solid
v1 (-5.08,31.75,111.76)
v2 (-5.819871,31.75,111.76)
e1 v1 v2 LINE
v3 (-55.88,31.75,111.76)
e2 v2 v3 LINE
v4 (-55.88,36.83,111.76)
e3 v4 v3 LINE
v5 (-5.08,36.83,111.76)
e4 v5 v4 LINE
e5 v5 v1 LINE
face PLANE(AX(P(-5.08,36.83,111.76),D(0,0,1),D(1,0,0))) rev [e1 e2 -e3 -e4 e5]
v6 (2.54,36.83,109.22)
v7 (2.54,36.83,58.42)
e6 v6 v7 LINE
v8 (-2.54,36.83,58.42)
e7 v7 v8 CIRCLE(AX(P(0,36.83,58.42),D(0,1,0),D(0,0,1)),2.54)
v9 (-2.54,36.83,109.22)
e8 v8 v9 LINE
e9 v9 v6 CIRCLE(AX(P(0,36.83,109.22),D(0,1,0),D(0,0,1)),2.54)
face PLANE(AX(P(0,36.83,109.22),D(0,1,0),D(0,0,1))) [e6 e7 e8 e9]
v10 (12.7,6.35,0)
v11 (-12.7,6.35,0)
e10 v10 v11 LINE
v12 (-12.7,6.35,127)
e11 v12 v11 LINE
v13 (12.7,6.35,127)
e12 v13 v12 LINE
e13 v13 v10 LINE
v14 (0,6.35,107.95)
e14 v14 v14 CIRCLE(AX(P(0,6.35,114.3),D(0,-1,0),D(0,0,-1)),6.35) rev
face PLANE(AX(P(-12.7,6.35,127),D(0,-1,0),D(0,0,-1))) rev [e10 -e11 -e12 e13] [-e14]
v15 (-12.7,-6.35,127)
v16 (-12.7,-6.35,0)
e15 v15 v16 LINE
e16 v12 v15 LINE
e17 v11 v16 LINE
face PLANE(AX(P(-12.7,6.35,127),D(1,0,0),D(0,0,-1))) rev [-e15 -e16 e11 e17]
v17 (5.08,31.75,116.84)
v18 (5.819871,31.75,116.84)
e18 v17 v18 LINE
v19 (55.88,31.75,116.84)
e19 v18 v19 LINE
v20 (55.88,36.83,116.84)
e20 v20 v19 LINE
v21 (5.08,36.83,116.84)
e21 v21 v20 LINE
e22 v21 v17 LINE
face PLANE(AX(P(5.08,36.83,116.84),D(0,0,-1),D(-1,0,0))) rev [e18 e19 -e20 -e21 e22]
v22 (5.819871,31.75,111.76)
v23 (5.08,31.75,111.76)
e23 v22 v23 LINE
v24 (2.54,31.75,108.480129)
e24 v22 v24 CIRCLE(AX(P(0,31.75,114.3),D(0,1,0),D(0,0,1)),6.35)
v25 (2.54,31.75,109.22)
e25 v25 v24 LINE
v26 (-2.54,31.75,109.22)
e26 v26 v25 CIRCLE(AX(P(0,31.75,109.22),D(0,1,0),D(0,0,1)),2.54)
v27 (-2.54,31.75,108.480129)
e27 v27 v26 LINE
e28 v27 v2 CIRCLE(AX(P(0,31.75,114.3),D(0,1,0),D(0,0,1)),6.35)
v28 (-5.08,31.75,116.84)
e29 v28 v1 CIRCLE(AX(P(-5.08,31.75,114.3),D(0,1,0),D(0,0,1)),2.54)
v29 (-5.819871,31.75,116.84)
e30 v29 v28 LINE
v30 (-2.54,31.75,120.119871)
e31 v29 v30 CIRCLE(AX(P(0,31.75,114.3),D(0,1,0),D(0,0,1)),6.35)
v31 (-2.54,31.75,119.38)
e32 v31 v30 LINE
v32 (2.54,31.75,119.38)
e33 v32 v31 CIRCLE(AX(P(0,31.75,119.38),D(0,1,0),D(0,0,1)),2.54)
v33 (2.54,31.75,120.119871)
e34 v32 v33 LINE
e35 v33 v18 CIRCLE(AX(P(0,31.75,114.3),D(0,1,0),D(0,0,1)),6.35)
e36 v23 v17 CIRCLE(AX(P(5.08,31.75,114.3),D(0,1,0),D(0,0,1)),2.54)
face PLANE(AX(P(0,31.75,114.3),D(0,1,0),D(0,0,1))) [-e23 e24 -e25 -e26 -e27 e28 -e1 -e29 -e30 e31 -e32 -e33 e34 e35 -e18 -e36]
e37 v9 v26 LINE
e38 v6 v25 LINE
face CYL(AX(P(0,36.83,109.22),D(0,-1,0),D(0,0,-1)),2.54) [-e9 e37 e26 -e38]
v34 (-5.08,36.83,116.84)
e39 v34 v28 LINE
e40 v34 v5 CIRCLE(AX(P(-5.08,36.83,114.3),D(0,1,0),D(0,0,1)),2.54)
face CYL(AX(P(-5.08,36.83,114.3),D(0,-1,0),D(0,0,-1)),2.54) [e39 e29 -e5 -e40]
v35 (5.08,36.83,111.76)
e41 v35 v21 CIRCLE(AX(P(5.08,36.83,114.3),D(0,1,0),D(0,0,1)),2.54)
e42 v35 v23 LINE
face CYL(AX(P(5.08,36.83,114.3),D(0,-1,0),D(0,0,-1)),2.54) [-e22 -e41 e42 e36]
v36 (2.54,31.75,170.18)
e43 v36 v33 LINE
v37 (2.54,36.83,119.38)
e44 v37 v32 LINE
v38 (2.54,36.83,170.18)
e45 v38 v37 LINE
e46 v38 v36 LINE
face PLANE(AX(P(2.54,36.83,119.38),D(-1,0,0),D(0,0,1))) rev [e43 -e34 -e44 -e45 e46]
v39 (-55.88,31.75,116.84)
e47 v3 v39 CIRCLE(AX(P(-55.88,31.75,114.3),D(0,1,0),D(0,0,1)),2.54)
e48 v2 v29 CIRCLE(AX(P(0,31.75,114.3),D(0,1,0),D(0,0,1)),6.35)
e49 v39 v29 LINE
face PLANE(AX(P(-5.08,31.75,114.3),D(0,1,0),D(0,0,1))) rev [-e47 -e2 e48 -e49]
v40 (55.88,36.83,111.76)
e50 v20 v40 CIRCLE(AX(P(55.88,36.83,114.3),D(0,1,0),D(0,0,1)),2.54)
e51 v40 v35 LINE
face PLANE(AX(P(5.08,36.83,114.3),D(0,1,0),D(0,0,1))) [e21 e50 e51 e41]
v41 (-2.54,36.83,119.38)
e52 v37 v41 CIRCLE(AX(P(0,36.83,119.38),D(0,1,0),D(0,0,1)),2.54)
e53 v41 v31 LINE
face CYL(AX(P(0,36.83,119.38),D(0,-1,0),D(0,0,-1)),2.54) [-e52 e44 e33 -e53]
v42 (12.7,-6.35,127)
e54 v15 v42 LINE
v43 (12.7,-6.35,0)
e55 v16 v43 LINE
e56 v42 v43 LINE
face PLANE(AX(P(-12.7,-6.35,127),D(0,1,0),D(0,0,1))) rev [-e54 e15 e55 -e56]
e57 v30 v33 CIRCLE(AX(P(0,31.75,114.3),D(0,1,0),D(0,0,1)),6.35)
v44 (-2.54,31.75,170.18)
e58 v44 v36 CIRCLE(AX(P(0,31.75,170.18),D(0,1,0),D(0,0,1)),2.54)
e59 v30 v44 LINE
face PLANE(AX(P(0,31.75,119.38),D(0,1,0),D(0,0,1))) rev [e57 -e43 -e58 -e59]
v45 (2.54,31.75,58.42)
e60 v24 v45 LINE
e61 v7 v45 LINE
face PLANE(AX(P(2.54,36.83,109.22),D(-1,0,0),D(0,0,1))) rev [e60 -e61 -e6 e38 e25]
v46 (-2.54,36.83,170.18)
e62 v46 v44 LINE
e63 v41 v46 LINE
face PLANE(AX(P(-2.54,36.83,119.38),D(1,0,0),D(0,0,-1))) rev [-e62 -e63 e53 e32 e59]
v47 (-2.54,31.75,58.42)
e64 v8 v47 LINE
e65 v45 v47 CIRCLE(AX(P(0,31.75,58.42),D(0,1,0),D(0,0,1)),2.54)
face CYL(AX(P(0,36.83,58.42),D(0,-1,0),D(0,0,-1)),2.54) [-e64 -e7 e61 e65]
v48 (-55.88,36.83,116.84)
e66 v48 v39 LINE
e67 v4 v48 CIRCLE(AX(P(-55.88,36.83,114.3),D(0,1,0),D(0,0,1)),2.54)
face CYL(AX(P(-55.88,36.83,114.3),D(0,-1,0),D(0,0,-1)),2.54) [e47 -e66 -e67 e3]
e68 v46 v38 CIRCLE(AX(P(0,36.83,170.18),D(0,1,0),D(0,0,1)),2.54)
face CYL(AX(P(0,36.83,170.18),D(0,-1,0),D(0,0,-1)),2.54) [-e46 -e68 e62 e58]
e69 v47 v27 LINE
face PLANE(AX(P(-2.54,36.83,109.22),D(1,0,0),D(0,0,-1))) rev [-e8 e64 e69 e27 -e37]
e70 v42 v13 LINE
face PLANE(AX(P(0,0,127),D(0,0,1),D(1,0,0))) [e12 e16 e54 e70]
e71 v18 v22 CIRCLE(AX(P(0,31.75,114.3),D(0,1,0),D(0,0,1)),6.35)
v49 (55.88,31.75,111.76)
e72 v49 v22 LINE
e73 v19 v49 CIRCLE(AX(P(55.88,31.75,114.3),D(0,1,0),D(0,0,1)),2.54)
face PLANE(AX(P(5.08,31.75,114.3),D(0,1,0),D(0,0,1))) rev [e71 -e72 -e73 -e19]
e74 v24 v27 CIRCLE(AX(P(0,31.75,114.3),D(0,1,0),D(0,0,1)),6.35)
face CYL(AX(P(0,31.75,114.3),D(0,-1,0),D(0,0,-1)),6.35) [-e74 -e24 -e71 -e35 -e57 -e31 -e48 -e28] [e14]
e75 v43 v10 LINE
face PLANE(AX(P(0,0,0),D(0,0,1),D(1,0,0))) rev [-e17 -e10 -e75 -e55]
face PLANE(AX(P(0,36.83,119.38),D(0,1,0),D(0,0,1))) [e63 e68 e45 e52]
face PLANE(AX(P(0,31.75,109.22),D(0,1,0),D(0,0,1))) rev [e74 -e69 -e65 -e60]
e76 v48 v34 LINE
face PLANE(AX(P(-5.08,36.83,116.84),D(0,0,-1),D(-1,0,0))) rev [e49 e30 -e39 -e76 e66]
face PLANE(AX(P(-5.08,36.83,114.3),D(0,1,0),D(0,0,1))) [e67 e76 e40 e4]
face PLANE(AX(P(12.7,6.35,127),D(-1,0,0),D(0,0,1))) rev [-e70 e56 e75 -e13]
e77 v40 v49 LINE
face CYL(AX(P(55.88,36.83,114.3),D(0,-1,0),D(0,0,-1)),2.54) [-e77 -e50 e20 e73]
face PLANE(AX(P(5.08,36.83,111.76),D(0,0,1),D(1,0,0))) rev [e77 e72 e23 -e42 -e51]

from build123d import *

# Parameters (mm, degrees)
SKETCH1_W           = 25.4
SKETCH1_H           = 12.7
BOSS_EXTRUDE1_DEPTH = 127
SKETCH2_R           = 6.35
BOSS_EXTRUDE2_DEPTH = 25.4
BOSS_EXTRUDE3_DEPTH = 5.08


with BuildPart() as part:
    # Sketch1 → Boss-Extrude1 (new body)
    with BuildSketch(Plane.XY):
        Rectangle(SKETCH1_W, SKETCH1_H)
    extrude(amount=BOSS_EXTRUDE1_DEPTH)

    # Sketch2 → Boss-Extrude2 (add)
    with BuildSketch(Plane(origin=(0, 6.35, 0), x_dir=(1, 0, 0), z_dir=(0, 1, 0))):
        with Locations((0, -114.3)):
            Circle(SKETCH2_R)
    extrude(amount=BOSS_EXTRUDE2_DEPTH)

    # Sketch3 → Boss-Extrude3 (add)
    with BuildSketch(Plane(origin=(0, 31.75, 0), x_dir=(1, 0, 0), z_dir=(0, 1, 0))):
        with BuildLine():
            Line((5.08, -111.76), (55.88, -111.76))
            ThreePointArc((55.88, -111.76), (58.42, -114.3), (55.88, -116.84))
            Line((55.88, -116.84), (5.08, -116.84))
            ThreePointArc((5.08, -116.84), (2.54, -114.3), (5.08, -111.76))
        make_face()
        with BuildLine():
            Line((-2.54, -119.38), (-2.54, -170.18))
            ThreePointArc((-2.54, -170.18), (0, -172.72), (2.54, -170.18))
            Line((2.54, -170.18), (2.54, -119.38))
            ThreePointArc((2.54, -119.38), (0, -116.84), (-2.54, -119.38))
        make_face()
        with BuildLine():
            Line((-5.08, -111.76), (-55.88, -111.76))
            ThreePointArc((-55.88, -111.76), (-58.42, -114.3), (-55.88, -116.84))
            Line((-55.88, -116.84), (-5.08, -116.84))
            ThreePointArc((-5.08, -116.84), (-2.54, -114.3), (-5.08, -111.76))
        make_face()
        with BuildLine():
            Line((2.54, -109.22), (2.54, -58.42))
            ThreePointArc((2.54, -58.42), (0, -55.88), (-2.54, -58.42))
            Line((-2.54, -58.42), (-2.54, -109.22))
            ThreePointArc((-2.54, -109.22), (0, -111.76), (2.54, -109.22))
        make_face()
    extrude(amount=BOSS_EXTRUDE3_DEPTH)


solid = part.part
